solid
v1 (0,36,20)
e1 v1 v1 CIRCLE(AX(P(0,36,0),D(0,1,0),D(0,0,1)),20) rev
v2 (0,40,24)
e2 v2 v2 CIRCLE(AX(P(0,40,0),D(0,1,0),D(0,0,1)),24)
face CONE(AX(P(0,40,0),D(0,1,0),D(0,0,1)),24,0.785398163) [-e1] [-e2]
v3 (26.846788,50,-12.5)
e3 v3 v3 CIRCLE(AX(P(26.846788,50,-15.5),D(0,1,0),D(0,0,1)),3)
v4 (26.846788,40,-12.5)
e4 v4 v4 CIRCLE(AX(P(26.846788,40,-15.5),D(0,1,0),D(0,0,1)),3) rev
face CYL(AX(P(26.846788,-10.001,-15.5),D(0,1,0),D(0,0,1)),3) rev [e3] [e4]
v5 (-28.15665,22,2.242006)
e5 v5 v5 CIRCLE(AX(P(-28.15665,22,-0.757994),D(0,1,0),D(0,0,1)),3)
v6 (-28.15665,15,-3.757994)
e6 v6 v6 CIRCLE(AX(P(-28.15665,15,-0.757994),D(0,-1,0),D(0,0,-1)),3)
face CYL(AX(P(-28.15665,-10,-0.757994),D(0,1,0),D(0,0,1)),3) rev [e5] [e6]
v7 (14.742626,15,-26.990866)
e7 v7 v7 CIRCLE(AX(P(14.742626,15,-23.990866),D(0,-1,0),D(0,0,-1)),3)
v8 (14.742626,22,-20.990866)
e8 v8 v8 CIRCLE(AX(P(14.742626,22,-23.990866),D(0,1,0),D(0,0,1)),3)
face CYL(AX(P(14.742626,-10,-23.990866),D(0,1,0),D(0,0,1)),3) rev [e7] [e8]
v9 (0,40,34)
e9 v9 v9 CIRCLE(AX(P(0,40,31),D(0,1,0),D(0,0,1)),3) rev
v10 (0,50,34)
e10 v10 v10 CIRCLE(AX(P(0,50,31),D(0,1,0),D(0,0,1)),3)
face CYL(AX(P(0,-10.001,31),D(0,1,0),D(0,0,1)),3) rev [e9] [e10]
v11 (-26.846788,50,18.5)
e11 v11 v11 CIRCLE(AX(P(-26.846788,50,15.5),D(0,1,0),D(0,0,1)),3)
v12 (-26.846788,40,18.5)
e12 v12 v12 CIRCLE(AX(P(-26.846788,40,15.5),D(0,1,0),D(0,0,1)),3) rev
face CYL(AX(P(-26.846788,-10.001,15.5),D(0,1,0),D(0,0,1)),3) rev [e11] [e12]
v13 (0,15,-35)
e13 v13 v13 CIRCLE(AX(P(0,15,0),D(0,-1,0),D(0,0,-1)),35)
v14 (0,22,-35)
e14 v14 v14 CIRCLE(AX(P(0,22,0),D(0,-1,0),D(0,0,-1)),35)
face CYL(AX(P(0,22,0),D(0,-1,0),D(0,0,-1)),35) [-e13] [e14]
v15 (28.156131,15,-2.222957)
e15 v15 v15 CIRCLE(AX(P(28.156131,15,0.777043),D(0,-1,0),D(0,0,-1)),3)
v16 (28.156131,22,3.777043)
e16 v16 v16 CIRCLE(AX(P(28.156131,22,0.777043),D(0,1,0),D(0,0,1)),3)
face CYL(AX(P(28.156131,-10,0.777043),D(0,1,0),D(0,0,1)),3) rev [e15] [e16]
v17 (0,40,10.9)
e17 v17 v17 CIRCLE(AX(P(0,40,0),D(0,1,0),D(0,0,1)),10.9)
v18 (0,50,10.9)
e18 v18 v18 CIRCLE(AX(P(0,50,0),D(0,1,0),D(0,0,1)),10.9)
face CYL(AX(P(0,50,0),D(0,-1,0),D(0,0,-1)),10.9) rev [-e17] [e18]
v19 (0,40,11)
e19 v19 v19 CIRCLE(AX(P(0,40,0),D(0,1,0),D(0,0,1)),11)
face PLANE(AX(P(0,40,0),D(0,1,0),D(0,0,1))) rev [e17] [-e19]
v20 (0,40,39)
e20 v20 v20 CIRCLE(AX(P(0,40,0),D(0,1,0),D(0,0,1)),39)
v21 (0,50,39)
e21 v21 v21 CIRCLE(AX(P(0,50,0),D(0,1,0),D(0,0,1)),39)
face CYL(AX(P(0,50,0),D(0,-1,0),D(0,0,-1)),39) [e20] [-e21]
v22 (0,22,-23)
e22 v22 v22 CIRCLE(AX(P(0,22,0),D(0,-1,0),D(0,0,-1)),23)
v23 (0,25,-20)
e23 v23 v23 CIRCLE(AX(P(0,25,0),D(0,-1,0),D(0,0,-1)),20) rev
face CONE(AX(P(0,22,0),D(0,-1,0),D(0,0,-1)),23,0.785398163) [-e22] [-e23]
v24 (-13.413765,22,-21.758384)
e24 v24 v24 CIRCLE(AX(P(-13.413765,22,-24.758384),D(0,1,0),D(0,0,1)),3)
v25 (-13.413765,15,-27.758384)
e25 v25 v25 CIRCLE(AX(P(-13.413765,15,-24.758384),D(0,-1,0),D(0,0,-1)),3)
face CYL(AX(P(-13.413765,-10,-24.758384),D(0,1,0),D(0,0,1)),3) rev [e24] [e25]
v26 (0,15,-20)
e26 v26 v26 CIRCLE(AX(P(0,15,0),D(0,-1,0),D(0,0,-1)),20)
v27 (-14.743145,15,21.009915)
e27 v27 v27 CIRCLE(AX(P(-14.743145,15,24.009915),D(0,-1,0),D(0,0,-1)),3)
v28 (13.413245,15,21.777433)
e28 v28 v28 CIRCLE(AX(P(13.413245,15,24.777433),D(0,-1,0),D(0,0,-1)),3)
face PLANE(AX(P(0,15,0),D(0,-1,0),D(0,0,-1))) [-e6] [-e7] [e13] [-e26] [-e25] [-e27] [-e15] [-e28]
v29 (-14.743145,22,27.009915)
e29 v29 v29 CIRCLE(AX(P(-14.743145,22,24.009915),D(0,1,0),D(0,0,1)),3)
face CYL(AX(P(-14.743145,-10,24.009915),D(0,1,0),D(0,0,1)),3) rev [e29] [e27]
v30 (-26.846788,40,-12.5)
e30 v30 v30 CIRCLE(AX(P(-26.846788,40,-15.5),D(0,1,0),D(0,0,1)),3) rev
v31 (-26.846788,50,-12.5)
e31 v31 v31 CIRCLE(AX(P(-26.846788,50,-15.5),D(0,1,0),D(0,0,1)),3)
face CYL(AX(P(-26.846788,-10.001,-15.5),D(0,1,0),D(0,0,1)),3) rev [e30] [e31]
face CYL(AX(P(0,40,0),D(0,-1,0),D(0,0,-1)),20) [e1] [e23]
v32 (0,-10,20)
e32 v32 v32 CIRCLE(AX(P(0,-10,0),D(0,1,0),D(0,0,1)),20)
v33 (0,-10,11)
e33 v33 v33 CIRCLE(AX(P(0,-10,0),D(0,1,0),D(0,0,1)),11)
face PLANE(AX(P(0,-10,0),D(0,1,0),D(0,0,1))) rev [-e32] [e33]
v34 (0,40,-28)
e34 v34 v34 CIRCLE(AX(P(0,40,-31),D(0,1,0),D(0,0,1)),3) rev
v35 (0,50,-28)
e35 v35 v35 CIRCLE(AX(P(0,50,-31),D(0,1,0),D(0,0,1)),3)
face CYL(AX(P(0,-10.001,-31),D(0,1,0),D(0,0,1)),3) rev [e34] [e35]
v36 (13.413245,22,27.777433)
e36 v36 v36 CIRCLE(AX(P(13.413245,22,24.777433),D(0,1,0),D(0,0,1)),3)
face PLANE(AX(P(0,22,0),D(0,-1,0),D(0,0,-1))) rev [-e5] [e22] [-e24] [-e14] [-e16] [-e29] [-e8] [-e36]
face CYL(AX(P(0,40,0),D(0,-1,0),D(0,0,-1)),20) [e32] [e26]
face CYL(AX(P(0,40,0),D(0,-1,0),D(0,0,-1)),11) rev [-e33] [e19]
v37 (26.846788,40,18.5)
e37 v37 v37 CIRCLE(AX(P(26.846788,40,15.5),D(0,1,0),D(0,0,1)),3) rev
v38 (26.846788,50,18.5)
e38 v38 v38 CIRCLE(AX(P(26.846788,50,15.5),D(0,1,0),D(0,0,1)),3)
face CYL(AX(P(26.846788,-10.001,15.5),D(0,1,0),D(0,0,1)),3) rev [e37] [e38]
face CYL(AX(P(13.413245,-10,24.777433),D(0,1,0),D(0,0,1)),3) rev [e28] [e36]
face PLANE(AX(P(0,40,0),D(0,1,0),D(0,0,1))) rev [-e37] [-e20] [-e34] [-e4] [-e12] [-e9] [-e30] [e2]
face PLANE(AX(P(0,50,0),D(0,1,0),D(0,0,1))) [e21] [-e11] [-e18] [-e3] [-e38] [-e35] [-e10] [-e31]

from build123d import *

# Parameters (mm, degrees)
EXTRUDE_START       = -10
SKETCH_1_R          = 20
SKETCH_1_R_2        = 11
EXTRUDE_1_DEPTH     = 50
SKETCH_2_R          = 39
SKETCH_2_R_2        = 10.9
EXTRUDE_2_DEPTH     = 10
CHAMFER_1_SIZE      = 4
SKETCH_3_R          = 35
SKETCH_3_R_2        = 17
EXTRUDE_3_DEPTH     = 7
CHAMFER_2_SIZE      = 3
SKETCH_4_R          = 3.000000009
CUT_EXTRUDE_1_DEPTH = 64.765194268
CUT_EXTRUDE_4_REACH = 83.498
SKETCH_5_R          = 3


with BuildPart() as part:
    # Эскиз1 → Вытянуть1 (new body)
    with BuildSketch(Plane(origin=(0, 0, 0), x_dir=(1, 0, 0), z_dir=(0, 1, 0)).offset(EXTRUDE_START)):
        with Locations(Location((0, 0, 0), (0, 0, 270))):
            Circle(SKETCH_1_R)
        with Locations(Location((0, 0, 0), (0, 0, 270))):
            Circle(SKETCH_1_R_2, mode=Mode.SUBTRACT)
    extrude(amount=EXTRUDE_1_DEPTH)

    # Эскиз2 → Вытянуть2 (add)
    with BuildSketch(Plane(origin=(0, 40, 0), x_dir=(1, 0, 0), z_dir=(0, 1, 0))):
        with Locations(Location((0, 0, 0), (0, 0, 270))):
            Circle(SKETCH_2_R)
        with Locations(Location((0, 0, 0), (0, 0, 270))):
            Circle(SKETCH_2_R_2, mode=Mode.SUBTRACT)
    extrude(amount=EXTRUDE_2_DEPTH)

    # Фаска1
    chamfer_1_edges = [part.edges().sort_by_distance(p)[0] for p in [
        (0, 40, -20),
    ]]
    chamfer(chamfer_1_edges, length=CHAMFER_1_SIZE)

    # Эскиз3 → Вытянуть3 (add)
    with BuildSketch(Plane.XZ.offset(-15)):
        with Locations(Location((0, 0, 0), (0, 0, 270))):
            Circle(SKETCH_3_R)
        Circle(SKETCH_3_R_2, mode=Mode.SUBTRACT)
    extrude(amount=-EXTRUDE_3_DEPTH)

    # Фаска2
    chamfer_2_edges = [part.edges().sort_by_distance(p)[0] for p in [
        (0, 22, -20),
    ]]
    chamfer(chamfer_2_edges, length=CHAMFER_2_SIZE)

    # Эскиз4 → Вырез-Вытянуть1 (cut, through all)
    with BuildSketch(Plane(origin=(0, 22, 0), x_dir=(1, 0, 0), z_dir=(0, 1, 0))):
        with Locations(Location((-13.413764566, 24.758384407, 0), (0, 0, 270))):
            Circle(SKETCH_4_R)
        with Locations(Location((14.742626006, 23.99086611, 0), (0, 0, 270))):
            Circle(SKETCH_4_R)
        with Locations(Location((28.156130949, -0.777042552, 0), (0, 0, 270))):
            Circle(SKETCH_4_R)
        with Locations(Location((13.41324532, -24.777432917, 0), (0, 0, 270))):
            Circle(SKETCH_4_R)
        with Locations(Location((-14.743145251, -24.009914621, 0), (0, 0, 270))):
            Circle(SKETCH_4_R)
        with Locations(Location((-28.156650194, 0.757994041, 0), (0, 0, 270))):
            Circle(SKETCH_4_R)
    extrude(amount=-CUT_EXTRUDE_1_DEPTH, mode=Mode.SUBTRACT)

    # Эскиз5 → Вытянуть4 (cut, up to next)
    with BuildSketch(Plane(origin=(0, 50, 0), x_dir=(1, 0, 0), z_dir=(0, 1, 0)), mode=Mode.PRIVATE) as cut_extrude_4_sk1:
        with Locations(Location((0, 31, 0), (0, 0, 270))):
            Circle(SKETCH_5_R)
    cut_extrude_4_tool1 = extrude(cut_extrude_4_sk1.sketch, amount=-CUT_EXTRUDE_4_REACH, mode=Mode.PRIVATE) & part.part
    # Эскиз5 → Вытянуть4 (cut, up to next)
    with BuildSketch(Plane(origin=(0, 50, 0), x_dir=(1, 0, 0), z_dir=(0, 1, 0)), mode=Mode.PRIVATE) as cut_extrude_4_sk2:
        with Locations(Location((26.846787517, 15.5, 0), (0, 0, 270))):
            Circle(SKETCH_5_R)
    cut_extrude_4_tool2 = extrude(cut_extrude_4_sk2.sketch, amount=-CUT_EXTRUDE_4_REACH, mode=Mode.PRIVATE) & part.part
    # Эскиз5 → Вытянуть4 (cut, up to next)
    with BuildSketch(Plane(origin=(0, 50, 0), x_dir=(1, 0, 0), z_dir=(0, 1, 0)), mode=Mode.PRIVATE) as cut_extrude_4_sk3:
        with Locations(Location((26.846787517, -15.5, 0), (0, 0, 270))):
            Circle(SKETCH_5_R)
    cut_extrude_4_tool3 = extrude(cut_extrude_4_sk3.sketch, amount=-CUT_EXTRUDE_4_REACH, mode=Mode.PRIVATE) & part.part
    # Эскиз5 → Вытянуть4 (cut, up to next)
    with BuildSketch(Plane(origin=(0, 50, 0), x_dir=(1, 0, 0), z_dir=(0, 1, 0)), mode=Mode.PRIVATE) as cut_extrude_4_sk4:
        with Locations(Location((0, -31, 0), (0, 0, 270))):
            Circle(SKETCH_5_R)
    cut_extrude_4_tool4 = extrude(cut_extrude_4_sk4.sketch, amount=-CUT_EXTRUDE_4_REACH, mode=Mode.PRIVATE) & part.part
    # Эскиз5 → Вытянуть4 (cut, up to next)
    with BuildSketch(Plane(origin=(0, 50, 0), x_dir=(1, 0, 0), z_dir=(0, 1, 0)), mode=Mode.PRIVATE) as cut_extrude_4_sk5:
        with Locations(Location((-26.846787517, -15.5, 0), (0, 0, 270))):
            Circle(SKETCH_5_R)
    cut_extrude_4_tool5 = extrude(cut_extrude_4_sk5.sketch, amount=-CUT_EXTRUDE_4_REACH, mode=Mode.PRIVATE) & part.part
    # Эскиз5 → Вытянуть4 (cut, up to next)
    with BuildSketch(Plane(origin=(0, 50, 0), x_dir=(1, 0, 0), z_dir=(0, 1, 0)), mode=Mode.PRIVATE) as cut_extrude_4_sk6:
        with Locations(Location((-26.846787517, 15.5, 0), (0, 0, 270))):
            Circle(SKETCH_5_R)
    cut_extrude_4_tool6 = extrude(cut_extrude_4_sk6.sketch, amount=-CUT_EXTRUDE_4_REACH, mode=Mode.PRIVATE) & part.part
    add(cut_extrude_4_tool1.solids().sort_by_distance((0, 50, -31))[0], mode=Mode.SUBTRACT)
    add(cut_extrude_4_tool2.solids().sort_by_distance((26.846788, 50, -15.5))[0], mode=Mode.SUBTRACT)
    add(cut_extrude_4_tool3.solids().sort_by_distance((26.846788, 50, 15.5))[0], mode=Mode.SUBTRACT)
    add(cut_extrude_4_tool4.solids().sort_by_distance((0, 50, 31))[0], mode=Mode.SUBTRACT)
    add(cut_extrude_4_tool5.solids().sort_by_distance((-26.846788, 50, 15.5))[0], mode=Mode.SUBTRACT)
    add(cut_extrude_4_tool6.solids().sort_by_distance((-26.846788, 50, -15.5))[0], mode=Mode.SUBTRACT)


solid = part.part
